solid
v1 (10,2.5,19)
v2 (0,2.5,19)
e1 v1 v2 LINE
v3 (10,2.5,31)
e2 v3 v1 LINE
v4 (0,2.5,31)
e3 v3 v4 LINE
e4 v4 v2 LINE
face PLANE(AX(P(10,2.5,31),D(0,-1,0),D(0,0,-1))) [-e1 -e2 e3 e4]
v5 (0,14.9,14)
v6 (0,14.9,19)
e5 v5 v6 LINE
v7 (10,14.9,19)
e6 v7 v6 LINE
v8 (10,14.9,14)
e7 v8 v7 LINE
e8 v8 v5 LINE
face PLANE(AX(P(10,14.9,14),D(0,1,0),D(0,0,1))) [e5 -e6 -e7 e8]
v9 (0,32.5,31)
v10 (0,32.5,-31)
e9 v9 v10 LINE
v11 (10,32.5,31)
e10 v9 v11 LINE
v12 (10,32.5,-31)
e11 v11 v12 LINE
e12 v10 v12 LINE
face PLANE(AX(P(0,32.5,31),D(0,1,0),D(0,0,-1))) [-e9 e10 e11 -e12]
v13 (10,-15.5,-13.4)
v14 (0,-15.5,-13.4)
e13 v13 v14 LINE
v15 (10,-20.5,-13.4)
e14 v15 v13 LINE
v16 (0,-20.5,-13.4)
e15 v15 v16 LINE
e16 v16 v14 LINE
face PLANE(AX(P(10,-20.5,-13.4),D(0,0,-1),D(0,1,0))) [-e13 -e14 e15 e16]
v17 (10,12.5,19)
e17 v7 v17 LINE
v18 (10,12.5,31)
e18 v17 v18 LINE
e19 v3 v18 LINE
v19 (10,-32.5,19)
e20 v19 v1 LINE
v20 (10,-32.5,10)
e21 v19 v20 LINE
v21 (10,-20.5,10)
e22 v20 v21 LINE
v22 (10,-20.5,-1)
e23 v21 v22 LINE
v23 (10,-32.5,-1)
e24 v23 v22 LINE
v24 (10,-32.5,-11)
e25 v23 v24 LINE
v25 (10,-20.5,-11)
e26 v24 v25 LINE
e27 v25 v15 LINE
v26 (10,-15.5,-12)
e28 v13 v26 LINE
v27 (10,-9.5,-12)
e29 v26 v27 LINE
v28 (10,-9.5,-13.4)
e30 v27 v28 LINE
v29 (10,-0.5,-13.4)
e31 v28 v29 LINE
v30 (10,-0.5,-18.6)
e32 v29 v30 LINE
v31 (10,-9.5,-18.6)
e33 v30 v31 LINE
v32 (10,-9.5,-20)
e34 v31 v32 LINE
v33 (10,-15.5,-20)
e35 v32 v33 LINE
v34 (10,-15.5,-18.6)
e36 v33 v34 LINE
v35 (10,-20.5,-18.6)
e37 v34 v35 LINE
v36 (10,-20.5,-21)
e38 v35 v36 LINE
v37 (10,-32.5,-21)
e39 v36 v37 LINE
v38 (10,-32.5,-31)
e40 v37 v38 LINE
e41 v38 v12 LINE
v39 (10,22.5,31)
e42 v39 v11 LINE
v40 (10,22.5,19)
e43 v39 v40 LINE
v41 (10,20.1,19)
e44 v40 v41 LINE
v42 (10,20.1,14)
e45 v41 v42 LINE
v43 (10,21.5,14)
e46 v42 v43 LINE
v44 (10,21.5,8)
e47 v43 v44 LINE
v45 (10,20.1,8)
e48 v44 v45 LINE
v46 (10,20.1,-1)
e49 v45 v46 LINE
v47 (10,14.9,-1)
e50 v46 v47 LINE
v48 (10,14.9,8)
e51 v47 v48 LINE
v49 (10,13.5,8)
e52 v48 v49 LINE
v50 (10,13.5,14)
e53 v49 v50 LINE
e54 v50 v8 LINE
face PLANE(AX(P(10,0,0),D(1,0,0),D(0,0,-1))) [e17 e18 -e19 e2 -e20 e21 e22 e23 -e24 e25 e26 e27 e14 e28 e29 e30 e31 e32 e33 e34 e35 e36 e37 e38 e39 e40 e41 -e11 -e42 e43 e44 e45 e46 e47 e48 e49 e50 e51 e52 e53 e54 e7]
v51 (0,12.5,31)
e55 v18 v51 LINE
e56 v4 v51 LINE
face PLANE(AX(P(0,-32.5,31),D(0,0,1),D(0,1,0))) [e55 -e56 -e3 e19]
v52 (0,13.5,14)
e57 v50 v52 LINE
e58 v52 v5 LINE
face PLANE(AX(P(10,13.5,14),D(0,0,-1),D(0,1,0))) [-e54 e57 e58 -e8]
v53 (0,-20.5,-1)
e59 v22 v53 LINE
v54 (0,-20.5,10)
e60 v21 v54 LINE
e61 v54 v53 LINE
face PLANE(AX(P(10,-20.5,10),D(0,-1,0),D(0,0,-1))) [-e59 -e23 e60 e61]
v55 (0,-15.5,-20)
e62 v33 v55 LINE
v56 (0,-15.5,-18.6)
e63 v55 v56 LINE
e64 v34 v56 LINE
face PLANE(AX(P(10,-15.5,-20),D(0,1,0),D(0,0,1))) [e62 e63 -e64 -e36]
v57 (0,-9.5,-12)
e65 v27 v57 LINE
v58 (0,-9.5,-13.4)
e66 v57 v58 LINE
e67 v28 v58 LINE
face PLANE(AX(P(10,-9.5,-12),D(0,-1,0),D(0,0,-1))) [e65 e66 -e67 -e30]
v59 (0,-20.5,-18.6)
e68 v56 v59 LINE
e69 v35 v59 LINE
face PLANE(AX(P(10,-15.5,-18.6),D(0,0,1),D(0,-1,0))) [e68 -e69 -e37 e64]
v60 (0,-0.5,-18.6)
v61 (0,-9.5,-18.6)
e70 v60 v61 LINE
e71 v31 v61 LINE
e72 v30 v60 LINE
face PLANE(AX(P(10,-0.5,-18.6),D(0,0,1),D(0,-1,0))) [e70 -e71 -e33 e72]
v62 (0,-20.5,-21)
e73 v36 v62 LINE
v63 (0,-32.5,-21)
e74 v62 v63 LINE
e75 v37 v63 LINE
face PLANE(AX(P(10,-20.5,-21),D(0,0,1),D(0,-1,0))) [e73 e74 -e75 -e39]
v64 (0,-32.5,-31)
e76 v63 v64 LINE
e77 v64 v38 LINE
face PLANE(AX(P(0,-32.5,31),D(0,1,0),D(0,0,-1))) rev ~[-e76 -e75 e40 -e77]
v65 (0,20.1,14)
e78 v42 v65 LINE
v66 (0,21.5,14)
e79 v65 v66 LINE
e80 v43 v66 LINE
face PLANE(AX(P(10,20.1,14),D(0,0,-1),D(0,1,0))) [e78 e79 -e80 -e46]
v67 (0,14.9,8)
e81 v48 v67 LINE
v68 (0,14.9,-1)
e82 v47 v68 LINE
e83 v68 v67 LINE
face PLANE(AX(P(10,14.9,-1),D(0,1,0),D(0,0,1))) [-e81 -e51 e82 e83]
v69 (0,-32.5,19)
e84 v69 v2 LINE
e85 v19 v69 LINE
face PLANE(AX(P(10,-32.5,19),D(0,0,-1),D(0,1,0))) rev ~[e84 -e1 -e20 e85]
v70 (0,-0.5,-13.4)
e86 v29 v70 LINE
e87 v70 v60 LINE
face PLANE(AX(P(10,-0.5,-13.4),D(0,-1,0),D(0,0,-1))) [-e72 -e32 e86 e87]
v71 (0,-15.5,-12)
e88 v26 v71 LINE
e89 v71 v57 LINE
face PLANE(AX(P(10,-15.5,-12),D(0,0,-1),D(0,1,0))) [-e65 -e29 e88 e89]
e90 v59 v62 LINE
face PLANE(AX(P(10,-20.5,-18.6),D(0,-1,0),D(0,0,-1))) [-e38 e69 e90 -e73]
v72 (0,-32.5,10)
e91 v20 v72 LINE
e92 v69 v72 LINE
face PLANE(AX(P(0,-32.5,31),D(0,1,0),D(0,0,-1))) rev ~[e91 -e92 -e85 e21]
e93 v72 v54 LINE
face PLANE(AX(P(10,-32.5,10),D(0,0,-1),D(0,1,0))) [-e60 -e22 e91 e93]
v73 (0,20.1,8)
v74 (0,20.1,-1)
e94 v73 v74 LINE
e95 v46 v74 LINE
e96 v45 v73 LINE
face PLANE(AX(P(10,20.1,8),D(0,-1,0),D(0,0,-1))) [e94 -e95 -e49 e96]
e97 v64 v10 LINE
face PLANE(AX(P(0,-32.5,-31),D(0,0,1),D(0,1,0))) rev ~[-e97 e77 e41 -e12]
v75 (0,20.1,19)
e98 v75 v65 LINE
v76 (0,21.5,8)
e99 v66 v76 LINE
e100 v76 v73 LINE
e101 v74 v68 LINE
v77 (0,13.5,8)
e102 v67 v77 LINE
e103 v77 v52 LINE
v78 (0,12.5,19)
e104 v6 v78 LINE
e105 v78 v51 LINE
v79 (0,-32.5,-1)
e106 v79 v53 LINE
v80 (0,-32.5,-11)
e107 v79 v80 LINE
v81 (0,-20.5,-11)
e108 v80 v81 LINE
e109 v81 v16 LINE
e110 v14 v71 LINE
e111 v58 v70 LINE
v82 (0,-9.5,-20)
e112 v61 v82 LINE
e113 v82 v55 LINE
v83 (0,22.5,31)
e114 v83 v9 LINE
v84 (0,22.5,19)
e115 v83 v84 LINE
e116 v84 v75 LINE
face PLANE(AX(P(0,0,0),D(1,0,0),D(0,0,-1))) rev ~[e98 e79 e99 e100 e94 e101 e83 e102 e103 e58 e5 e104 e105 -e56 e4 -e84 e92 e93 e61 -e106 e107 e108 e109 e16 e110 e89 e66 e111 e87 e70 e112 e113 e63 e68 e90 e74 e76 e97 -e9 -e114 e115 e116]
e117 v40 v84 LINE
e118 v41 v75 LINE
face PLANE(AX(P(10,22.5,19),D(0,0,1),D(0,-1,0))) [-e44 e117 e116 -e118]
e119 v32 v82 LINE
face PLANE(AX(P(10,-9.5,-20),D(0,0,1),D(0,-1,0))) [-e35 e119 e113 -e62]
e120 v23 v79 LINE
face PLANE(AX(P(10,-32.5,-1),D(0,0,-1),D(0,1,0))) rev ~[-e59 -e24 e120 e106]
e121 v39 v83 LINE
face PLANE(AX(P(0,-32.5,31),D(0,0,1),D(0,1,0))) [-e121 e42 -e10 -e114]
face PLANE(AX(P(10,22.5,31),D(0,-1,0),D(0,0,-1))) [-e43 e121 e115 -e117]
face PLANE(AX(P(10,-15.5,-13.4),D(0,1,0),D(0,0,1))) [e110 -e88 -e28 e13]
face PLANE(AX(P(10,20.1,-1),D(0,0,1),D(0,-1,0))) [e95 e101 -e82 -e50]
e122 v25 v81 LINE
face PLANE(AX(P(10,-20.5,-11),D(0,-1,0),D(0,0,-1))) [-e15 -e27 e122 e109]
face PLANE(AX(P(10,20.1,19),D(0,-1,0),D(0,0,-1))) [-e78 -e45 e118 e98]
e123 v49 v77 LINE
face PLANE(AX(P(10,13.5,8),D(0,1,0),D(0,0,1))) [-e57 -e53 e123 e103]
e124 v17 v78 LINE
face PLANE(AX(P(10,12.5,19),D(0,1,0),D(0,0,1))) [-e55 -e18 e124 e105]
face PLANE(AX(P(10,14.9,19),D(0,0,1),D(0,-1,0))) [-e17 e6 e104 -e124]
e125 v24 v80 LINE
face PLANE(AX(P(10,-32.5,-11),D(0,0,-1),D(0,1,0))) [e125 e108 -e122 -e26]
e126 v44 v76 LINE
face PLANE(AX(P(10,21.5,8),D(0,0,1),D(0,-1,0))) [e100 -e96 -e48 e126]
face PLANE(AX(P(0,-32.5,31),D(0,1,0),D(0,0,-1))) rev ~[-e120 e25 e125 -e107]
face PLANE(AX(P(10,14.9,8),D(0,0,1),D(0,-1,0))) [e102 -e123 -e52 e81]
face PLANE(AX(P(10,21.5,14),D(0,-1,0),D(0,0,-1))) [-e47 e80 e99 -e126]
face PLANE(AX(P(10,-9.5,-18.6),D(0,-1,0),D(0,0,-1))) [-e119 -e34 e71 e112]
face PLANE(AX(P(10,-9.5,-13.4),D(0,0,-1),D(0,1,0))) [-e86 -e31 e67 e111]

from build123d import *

# Parameters (mm, degrees)
SKETCH1_W           = 62
SKETCH1_H           = 65
BOSS_EXTRUDE1_DEPTH = 10
SKETCH2_W           = 12
SKETCH2_H           = 35
SKETCH2_W_2         = 11
SKETCH2_H_2         = 12
CUT_EXTRUDE2_DEPTH  = 47.013584951


with BuildPart() as part:
    # Sketch1 → Boss-Extrude1 (new body)
    with BuildSketch(Plane(origin=(0, 0, 0), x_dir=(0, 0, -1), z_dir=(1, 0, 0))):
        Rectangle(SKETCH1_W, SKETCH1_H)
    extrude(amount=BOSS_EXTRUDE1_DEPTH)

    # Sketch2 → Cut-Extrude2 (cut, through all)
    with BuildSketch(Plane(origin=(10, 0, 0), x_dir=(0, 0, -1), z_dir=(1, 0, 0))):
        with Locations((-25, -15)):
            Rectangle(SKETCH2_W, SKETCH2_H)
        Polygon((18.6, -20.5), (21, -20.5), (21, -32.5), (11, -32.5), (11, -20.5), (13.4, -20.5), (13.4, -15.5), (12, -15.5), (12, -9.5), (13.4, -9.5), (13.4, -0.5), (18.6, -0.5), (18.6, -9.5), (20, -9.5), (20, -15.5), (18.6, -15.5), align=None)
        Polygon((-19, 12.5), (-31, 12.5), (-31, 22.5), (-19, 22.5), (-19, 20.1), (-14, 20.1), (-14, 21.5), (-8, 21.5), (-8, 20.1), (1, 20.1), (1, 14.9), (-8, 14.9), (-8, 13.5), (-14, 13.5), (-14, 14.9), (-19, 14.9), align=None)
        with Locations((-4.5, -26.5)):
            Rectangle(SKETCH2_W_2, SKETCH2_H_2)
    extrude(amount=-CUT_EXTRUDE2_DEPTH, mode=Mode.SUBTRACT)


solid = part.part
